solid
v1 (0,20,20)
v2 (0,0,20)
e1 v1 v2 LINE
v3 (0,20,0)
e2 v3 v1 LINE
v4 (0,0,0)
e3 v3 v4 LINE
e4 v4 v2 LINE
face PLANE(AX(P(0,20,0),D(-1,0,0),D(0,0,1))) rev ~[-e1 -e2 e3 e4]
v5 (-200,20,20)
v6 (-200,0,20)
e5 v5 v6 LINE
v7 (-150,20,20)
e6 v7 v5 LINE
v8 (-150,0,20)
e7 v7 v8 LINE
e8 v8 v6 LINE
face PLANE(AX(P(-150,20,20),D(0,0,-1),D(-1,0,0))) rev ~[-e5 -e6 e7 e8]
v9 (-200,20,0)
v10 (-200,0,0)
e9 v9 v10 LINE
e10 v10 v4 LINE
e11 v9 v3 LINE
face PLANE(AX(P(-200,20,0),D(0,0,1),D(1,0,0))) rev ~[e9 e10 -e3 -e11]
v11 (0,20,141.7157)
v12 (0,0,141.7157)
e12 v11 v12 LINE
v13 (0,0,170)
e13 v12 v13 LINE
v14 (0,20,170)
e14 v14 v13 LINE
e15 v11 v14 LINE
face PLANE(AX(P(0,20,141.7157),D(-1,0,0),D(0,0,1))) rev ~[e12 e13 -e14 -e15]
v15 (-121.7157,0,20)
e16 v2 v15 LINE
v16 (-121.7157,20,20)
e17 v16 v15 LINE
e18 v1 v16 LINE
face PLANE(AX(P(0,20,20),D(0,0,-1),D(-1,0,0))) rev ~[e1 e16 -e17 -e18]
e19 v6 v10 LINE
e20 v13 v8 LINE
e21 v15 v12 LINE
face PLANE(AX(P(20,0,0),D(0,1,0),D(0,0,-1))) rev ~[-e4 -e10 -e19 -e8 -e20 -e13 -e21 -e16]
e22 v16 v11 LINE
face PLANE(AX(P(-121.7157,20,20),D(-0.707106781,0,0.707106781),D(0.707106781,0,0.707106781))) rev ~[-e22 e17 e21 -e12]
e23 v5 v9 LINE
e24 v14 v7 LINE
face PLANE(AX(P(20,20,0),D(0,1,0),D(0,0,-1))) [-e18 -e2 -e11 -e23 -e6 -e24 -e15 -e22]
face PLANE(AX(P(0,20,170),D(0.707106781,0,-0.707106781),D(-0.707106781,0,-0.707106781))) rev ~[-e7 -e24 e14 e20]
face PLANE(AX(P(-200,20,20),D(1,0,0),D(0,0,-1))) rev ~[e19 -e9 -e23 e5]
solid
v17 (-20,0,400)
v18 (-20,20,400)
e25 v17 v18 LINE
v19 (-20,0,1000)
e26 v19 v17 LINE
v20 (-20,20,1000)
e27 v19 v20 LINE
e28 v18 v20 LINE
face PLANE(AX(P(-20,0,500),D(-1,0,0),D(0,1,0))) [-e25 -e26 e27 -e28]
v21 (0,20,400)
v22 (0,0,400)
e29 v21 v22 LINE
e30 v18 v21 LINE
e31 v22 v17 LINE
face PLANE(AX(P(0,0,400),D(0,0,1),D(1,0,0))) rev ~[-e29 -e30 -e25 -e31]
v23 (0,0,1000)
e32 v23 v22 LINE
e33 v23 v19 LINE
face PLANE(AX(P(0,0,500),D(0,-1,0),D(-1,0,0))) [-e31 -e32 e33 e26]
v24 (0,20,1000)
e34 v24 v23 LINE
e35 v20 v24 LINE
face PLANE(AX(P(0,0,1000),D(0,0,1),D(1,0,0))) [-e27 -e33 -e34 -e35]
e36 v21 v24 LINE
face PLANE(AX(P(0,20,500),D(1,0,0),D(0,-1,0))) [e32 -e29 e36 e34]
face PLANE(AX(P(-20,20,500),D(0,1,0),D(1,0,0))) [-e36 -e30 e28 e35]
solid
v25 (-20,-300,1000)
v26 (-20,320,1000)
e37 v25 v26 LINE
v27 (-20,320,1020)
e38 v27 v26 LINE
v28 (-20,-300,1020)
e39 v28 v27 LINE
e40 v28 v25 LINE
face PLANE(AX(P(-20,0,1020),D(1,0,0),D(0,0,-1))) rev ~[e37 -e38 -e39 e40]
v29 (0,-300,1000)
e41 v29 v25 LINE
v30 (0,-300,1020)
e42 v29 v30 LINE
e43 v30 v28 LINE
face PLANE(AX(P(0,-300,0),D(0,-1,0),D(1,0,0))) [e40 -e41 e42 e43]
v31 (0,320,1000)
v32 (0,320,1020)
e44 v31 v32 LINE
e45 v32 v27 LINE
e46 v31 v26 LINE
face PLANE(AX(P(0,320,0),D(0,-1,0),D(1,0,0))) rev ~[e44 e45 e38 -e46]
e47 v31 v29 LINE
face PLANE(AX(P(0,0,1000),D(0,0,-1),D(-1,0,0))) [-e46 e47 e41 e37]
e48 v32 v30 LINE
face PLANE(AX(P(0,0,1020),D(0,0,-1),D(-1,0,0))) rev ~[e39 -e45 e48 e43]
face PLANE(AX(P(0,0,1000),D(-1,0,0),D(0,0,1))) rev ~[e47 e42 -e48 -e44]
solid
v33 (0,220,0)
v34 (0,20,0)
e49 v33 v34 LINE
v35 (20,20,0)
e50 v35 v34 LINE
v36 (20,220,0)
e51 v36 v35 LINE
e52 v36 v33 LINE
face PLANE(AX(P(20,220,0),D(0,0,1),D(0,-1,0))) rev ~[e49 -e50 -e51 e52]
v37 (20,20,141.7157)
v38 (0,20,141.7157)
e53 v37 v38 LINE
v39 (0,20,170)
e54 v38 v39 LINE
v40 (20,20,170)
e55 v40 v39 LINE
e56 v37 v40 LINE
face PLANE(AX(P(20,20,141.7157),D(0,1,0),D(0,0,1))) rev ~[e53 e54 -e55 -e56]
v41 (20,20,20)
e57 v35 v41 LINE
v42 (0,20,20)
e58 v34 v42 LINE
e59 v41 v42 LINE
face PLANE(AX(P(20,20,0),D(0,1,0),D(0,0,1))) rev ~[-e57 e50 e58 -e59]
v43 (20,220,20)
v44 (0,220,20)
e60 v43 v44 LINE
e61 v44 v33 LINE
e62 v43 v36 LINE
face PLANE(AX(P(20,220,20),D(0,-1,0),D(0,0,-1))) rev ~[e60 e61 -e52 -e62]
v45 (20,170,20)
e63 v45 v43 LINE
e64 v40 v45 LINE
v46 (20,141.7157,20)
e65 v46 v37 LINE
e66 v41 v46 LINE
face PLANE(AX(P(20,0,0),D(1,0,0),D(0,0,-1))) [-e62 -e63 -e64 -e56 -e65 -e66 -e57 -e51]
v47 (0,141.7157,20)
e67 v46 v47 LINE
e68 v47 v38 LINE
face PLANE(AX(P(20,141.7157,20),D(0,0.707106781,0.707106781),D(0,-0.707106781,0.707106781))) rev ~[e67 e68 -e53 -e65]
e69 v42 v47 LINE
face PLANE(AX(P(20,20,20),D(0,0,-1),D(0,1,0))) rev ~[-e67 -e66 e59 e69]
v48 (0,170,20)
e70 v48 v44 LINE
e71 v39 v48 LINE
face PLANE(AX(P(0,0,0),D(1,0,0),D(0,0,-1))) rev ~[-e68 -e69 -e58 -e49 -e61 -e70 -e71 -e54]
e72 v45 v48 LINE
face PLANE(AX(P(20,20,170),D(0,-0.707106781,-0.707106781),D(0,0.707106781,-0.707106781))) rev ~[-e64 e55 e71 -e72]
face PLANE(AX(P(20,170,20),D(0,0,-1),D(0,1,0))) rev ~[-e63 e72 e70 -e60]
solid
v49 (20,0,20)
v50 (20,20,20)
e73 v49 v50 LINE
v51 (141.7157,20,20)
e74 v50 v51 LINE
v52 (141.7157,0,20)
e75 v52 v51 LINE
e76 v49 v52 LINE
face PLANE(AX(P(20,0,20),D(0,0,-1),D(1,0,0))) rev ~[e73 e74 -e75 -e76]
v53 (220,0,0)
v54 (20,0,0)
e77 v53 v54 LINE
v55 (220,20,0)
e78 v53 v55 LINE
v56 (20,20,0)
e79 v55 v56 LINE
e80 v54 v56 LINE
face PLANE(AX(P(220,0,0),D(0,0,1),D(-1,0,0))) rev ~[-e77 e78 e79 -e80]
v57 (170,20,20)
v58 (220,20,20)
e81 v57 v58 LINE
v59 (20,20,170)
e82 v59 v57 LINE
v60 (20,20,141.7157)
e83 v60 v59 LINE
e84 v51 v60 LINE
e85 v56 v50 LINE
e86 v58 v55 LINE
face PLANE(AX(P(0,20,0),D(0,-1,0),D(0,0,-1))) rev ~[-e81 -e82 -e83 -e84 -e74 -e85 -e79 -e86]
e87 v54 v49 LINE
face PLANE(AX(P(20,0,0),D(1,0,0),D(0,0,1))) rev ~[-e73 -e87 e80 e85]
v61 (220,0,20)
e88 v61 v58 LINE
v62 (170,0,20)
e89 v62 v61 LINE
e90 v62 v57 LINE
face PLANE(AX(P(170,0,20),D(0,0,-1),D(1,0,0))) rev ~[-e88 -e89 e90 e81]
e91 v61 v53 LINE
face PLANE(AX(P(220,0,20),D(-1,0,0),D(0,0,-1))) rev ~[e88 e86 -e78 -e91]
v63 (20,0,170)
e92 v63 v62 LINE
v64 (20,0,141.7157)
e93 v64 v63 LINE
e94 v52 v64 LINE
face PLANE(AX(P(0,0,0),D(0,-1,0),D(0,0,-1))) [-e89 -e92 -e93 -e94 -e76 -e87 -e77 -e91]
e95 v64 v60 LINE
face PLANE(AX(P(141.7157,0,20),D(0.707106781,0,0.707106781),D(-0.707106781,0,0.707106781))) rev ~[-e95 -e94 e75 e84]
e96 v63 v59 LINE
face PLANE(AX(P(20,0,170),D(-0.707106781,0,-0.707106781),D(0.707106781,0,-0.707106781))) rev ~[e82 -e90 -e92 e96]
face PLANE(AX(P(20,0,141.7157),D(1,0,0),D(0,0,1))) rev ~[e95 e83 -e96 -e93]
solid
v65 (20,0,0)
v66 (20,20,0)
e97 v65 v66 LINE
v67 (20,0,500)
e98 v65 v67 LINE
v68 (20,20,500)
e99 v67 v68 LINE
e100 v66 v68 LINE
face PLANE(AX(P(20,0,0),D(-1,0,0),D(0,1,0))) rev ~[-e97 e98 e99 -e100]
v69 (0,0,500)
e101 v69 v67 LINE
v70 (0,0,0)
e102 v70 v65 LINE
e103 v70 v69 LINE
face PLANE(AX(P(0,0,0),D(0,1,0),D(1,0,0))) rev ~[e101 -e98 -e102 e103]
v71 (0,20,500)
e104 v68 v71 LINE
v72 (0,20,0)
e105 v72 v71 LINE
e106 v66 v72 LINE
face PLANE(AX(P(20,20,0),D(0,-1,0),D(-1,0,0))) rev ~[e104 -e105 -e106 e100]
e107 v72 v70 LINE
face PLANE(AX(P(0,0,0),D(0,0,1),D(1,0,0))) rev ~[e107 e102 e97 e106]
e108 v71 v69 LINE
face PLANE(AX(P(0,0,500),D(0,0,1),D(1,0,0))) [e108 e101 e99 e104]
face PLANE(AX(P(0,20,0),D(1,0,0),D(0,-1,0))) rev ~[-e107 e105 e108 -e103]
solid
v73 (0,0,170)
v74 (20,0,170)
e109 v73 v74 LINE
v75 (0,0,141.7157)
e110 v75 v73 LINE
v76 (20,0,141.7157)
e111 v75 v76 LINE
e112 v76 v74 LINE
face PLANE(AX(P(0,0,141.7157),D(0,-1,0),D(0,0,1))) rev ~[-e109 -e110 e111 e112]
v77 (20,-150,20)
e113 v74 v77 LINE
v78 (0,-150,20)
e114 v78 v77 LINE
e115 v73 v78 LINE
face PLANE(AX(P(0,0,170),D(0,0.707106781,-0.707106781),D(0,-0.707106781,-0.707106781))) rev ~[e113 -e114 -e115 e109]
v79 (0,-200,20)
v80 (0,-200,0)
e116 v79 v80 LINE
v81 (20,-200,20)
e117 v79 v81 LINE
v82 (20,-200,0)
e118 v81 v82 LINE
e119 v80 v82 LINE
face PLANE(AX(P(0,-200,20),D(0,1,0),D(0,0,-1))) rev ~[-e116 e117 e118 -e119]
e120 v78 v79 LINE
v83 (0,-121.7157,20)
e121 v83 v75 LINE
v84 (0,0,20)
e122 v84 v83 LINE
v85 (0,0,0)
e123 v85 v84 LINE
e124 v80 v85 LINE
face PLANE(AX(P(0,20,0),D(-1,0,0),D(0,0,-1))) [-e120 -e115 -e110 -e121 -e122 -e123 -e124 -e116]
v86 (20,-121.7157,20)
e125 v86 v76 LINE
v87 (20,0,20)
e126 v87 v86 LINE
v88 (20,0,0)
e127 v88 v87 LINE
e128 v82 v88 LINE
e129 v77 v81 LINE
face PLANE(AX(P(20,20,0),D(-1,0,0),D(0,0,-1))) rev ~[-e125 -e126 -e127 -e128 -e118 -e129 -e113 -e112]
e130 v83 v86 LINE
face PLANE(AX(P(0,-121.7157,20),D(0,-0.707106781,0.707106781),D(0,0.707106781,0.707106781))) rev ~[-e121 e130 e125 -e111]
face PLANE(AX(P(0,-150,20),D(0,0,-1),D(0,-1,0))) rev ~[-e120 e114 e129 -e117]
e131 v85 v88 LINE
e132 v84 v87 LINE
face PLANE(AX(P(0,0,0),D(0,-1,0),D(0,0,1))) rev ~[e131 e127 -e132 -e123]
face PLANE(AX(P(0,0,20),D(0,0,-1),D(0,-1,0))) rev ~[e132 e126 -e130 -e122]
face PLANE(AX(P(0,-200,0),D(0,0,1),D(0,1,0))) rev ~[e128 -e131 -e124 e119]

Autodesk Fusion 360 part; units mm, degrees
sketch "Sketch1" plane through (0, 0, 0) normal (0, 0, 1) x (1, 0, 0)
  line L0 (0, 0) -> (20, 0)
  line L1 (20, 0) -> (20, 20)
  line L2 (20, 20) -> (0, 20)
  line L3 (0, 20) -> (0, 0)
  line L4 (20, 20) -> (0, 0) construction
  line L5 (0, 20) -> (20, 0) construction
  point P0 (10, 10)
  dimension "d1" = 20
  dimension "d2" = 20
extrude "Extrude1" add sketch "Sketch1" along normal blind 500 makes body 1
sketch "Sketch2" plane through (20, 0, 0) normal (1, 0, 0) x (0, 0, -1)
  line L0 (0, 0) -> (0, 20)
  line L1 (0, 20) -> (-500, 20)
  line L2 (-500, 20) -> (-500, 0)
  line L3 (-500, 0) -> (0, 0)
  line L4 (0, 20) -> (-20, 20)
  line L5 (-20, 20) -> (-20, 220)
  line L6 (-20, 220) -> (0, 220)
  line L7 (0, 220) -> (0, 20)
  line L8 (-170, 20) -> (-20, 170)
  line L9 (-20, 141.7157) -> (-141.7157, 20)
  dimension "d5" = 20
  dimension "d6" = 200
  dimension "d7" = 20
  dimension "d8" = 45
  dimension "d9" = 50
extrude "Extrude2" add sketch "Sketch2" against normal blind 20 separate body contours L1 L4 L5 L6 L7 | L1 L5 L8 L9 makes body 2
pattern_circular "C-Pattern1" count 4 over 360 about axis through (10, 10, -20) along (0, 0, 1) of bodies 2 makes body 3 at (-107.2386, 20, 6.6667) makes body 4 at (0, -107.2386, 6.6667) makes body 5 at (127.2386, 0, 6.6667)
sketch "Sketch3" plane through (0, 0, 500) normal (0, 0, 1) x (1, 0, 0)
  line L0 (0, 20) -> (0, 0)
  line L1 (0, 0) -> (20, 0)
  line L2 (20, 0) -> (20, 20)
  line L3 (20, 20) -> (0, 20)
  line L4 (0, 0) -> (-20, 0)
  line L5 (-20, 0) -> (-20, 20)
  line L6 (-20, 20) -> (0, 20)
  line L7 (0, 20) -> (0, 0)
extrude "Extrude3" add sketch "Sketch3" along normal blind 500 and the other way blind 100 separate body contours L0 L4 L5 L6 L7 makes body 6
sketch "Sketch4" plane through (0, 0, 0) normal (0, -1, 0) x (1, 0, 0)
  line L0 (0, 400) -> (0, 1000)
  line L1 (0, 1000) -> (-20, 1000)
  line L2 (-20, 1000) -> (-20, 400)
  line L3 (-20, 400) -> (0, 400)
  line L4 (-20, 1000) -> (0, 1000)
  line L5 (0, 1000) -> (0, 1020)
  line L6 (0, 1020) -> (-20, 1020)
  line L7 (-20, 1020) -> (-20, 1000)
extrude "Extrude4" add sketch "Sketch4" along normal blind 300 and the other way blind 320 separate body contours L1 L4 L5 L6 L7 makes body 7
